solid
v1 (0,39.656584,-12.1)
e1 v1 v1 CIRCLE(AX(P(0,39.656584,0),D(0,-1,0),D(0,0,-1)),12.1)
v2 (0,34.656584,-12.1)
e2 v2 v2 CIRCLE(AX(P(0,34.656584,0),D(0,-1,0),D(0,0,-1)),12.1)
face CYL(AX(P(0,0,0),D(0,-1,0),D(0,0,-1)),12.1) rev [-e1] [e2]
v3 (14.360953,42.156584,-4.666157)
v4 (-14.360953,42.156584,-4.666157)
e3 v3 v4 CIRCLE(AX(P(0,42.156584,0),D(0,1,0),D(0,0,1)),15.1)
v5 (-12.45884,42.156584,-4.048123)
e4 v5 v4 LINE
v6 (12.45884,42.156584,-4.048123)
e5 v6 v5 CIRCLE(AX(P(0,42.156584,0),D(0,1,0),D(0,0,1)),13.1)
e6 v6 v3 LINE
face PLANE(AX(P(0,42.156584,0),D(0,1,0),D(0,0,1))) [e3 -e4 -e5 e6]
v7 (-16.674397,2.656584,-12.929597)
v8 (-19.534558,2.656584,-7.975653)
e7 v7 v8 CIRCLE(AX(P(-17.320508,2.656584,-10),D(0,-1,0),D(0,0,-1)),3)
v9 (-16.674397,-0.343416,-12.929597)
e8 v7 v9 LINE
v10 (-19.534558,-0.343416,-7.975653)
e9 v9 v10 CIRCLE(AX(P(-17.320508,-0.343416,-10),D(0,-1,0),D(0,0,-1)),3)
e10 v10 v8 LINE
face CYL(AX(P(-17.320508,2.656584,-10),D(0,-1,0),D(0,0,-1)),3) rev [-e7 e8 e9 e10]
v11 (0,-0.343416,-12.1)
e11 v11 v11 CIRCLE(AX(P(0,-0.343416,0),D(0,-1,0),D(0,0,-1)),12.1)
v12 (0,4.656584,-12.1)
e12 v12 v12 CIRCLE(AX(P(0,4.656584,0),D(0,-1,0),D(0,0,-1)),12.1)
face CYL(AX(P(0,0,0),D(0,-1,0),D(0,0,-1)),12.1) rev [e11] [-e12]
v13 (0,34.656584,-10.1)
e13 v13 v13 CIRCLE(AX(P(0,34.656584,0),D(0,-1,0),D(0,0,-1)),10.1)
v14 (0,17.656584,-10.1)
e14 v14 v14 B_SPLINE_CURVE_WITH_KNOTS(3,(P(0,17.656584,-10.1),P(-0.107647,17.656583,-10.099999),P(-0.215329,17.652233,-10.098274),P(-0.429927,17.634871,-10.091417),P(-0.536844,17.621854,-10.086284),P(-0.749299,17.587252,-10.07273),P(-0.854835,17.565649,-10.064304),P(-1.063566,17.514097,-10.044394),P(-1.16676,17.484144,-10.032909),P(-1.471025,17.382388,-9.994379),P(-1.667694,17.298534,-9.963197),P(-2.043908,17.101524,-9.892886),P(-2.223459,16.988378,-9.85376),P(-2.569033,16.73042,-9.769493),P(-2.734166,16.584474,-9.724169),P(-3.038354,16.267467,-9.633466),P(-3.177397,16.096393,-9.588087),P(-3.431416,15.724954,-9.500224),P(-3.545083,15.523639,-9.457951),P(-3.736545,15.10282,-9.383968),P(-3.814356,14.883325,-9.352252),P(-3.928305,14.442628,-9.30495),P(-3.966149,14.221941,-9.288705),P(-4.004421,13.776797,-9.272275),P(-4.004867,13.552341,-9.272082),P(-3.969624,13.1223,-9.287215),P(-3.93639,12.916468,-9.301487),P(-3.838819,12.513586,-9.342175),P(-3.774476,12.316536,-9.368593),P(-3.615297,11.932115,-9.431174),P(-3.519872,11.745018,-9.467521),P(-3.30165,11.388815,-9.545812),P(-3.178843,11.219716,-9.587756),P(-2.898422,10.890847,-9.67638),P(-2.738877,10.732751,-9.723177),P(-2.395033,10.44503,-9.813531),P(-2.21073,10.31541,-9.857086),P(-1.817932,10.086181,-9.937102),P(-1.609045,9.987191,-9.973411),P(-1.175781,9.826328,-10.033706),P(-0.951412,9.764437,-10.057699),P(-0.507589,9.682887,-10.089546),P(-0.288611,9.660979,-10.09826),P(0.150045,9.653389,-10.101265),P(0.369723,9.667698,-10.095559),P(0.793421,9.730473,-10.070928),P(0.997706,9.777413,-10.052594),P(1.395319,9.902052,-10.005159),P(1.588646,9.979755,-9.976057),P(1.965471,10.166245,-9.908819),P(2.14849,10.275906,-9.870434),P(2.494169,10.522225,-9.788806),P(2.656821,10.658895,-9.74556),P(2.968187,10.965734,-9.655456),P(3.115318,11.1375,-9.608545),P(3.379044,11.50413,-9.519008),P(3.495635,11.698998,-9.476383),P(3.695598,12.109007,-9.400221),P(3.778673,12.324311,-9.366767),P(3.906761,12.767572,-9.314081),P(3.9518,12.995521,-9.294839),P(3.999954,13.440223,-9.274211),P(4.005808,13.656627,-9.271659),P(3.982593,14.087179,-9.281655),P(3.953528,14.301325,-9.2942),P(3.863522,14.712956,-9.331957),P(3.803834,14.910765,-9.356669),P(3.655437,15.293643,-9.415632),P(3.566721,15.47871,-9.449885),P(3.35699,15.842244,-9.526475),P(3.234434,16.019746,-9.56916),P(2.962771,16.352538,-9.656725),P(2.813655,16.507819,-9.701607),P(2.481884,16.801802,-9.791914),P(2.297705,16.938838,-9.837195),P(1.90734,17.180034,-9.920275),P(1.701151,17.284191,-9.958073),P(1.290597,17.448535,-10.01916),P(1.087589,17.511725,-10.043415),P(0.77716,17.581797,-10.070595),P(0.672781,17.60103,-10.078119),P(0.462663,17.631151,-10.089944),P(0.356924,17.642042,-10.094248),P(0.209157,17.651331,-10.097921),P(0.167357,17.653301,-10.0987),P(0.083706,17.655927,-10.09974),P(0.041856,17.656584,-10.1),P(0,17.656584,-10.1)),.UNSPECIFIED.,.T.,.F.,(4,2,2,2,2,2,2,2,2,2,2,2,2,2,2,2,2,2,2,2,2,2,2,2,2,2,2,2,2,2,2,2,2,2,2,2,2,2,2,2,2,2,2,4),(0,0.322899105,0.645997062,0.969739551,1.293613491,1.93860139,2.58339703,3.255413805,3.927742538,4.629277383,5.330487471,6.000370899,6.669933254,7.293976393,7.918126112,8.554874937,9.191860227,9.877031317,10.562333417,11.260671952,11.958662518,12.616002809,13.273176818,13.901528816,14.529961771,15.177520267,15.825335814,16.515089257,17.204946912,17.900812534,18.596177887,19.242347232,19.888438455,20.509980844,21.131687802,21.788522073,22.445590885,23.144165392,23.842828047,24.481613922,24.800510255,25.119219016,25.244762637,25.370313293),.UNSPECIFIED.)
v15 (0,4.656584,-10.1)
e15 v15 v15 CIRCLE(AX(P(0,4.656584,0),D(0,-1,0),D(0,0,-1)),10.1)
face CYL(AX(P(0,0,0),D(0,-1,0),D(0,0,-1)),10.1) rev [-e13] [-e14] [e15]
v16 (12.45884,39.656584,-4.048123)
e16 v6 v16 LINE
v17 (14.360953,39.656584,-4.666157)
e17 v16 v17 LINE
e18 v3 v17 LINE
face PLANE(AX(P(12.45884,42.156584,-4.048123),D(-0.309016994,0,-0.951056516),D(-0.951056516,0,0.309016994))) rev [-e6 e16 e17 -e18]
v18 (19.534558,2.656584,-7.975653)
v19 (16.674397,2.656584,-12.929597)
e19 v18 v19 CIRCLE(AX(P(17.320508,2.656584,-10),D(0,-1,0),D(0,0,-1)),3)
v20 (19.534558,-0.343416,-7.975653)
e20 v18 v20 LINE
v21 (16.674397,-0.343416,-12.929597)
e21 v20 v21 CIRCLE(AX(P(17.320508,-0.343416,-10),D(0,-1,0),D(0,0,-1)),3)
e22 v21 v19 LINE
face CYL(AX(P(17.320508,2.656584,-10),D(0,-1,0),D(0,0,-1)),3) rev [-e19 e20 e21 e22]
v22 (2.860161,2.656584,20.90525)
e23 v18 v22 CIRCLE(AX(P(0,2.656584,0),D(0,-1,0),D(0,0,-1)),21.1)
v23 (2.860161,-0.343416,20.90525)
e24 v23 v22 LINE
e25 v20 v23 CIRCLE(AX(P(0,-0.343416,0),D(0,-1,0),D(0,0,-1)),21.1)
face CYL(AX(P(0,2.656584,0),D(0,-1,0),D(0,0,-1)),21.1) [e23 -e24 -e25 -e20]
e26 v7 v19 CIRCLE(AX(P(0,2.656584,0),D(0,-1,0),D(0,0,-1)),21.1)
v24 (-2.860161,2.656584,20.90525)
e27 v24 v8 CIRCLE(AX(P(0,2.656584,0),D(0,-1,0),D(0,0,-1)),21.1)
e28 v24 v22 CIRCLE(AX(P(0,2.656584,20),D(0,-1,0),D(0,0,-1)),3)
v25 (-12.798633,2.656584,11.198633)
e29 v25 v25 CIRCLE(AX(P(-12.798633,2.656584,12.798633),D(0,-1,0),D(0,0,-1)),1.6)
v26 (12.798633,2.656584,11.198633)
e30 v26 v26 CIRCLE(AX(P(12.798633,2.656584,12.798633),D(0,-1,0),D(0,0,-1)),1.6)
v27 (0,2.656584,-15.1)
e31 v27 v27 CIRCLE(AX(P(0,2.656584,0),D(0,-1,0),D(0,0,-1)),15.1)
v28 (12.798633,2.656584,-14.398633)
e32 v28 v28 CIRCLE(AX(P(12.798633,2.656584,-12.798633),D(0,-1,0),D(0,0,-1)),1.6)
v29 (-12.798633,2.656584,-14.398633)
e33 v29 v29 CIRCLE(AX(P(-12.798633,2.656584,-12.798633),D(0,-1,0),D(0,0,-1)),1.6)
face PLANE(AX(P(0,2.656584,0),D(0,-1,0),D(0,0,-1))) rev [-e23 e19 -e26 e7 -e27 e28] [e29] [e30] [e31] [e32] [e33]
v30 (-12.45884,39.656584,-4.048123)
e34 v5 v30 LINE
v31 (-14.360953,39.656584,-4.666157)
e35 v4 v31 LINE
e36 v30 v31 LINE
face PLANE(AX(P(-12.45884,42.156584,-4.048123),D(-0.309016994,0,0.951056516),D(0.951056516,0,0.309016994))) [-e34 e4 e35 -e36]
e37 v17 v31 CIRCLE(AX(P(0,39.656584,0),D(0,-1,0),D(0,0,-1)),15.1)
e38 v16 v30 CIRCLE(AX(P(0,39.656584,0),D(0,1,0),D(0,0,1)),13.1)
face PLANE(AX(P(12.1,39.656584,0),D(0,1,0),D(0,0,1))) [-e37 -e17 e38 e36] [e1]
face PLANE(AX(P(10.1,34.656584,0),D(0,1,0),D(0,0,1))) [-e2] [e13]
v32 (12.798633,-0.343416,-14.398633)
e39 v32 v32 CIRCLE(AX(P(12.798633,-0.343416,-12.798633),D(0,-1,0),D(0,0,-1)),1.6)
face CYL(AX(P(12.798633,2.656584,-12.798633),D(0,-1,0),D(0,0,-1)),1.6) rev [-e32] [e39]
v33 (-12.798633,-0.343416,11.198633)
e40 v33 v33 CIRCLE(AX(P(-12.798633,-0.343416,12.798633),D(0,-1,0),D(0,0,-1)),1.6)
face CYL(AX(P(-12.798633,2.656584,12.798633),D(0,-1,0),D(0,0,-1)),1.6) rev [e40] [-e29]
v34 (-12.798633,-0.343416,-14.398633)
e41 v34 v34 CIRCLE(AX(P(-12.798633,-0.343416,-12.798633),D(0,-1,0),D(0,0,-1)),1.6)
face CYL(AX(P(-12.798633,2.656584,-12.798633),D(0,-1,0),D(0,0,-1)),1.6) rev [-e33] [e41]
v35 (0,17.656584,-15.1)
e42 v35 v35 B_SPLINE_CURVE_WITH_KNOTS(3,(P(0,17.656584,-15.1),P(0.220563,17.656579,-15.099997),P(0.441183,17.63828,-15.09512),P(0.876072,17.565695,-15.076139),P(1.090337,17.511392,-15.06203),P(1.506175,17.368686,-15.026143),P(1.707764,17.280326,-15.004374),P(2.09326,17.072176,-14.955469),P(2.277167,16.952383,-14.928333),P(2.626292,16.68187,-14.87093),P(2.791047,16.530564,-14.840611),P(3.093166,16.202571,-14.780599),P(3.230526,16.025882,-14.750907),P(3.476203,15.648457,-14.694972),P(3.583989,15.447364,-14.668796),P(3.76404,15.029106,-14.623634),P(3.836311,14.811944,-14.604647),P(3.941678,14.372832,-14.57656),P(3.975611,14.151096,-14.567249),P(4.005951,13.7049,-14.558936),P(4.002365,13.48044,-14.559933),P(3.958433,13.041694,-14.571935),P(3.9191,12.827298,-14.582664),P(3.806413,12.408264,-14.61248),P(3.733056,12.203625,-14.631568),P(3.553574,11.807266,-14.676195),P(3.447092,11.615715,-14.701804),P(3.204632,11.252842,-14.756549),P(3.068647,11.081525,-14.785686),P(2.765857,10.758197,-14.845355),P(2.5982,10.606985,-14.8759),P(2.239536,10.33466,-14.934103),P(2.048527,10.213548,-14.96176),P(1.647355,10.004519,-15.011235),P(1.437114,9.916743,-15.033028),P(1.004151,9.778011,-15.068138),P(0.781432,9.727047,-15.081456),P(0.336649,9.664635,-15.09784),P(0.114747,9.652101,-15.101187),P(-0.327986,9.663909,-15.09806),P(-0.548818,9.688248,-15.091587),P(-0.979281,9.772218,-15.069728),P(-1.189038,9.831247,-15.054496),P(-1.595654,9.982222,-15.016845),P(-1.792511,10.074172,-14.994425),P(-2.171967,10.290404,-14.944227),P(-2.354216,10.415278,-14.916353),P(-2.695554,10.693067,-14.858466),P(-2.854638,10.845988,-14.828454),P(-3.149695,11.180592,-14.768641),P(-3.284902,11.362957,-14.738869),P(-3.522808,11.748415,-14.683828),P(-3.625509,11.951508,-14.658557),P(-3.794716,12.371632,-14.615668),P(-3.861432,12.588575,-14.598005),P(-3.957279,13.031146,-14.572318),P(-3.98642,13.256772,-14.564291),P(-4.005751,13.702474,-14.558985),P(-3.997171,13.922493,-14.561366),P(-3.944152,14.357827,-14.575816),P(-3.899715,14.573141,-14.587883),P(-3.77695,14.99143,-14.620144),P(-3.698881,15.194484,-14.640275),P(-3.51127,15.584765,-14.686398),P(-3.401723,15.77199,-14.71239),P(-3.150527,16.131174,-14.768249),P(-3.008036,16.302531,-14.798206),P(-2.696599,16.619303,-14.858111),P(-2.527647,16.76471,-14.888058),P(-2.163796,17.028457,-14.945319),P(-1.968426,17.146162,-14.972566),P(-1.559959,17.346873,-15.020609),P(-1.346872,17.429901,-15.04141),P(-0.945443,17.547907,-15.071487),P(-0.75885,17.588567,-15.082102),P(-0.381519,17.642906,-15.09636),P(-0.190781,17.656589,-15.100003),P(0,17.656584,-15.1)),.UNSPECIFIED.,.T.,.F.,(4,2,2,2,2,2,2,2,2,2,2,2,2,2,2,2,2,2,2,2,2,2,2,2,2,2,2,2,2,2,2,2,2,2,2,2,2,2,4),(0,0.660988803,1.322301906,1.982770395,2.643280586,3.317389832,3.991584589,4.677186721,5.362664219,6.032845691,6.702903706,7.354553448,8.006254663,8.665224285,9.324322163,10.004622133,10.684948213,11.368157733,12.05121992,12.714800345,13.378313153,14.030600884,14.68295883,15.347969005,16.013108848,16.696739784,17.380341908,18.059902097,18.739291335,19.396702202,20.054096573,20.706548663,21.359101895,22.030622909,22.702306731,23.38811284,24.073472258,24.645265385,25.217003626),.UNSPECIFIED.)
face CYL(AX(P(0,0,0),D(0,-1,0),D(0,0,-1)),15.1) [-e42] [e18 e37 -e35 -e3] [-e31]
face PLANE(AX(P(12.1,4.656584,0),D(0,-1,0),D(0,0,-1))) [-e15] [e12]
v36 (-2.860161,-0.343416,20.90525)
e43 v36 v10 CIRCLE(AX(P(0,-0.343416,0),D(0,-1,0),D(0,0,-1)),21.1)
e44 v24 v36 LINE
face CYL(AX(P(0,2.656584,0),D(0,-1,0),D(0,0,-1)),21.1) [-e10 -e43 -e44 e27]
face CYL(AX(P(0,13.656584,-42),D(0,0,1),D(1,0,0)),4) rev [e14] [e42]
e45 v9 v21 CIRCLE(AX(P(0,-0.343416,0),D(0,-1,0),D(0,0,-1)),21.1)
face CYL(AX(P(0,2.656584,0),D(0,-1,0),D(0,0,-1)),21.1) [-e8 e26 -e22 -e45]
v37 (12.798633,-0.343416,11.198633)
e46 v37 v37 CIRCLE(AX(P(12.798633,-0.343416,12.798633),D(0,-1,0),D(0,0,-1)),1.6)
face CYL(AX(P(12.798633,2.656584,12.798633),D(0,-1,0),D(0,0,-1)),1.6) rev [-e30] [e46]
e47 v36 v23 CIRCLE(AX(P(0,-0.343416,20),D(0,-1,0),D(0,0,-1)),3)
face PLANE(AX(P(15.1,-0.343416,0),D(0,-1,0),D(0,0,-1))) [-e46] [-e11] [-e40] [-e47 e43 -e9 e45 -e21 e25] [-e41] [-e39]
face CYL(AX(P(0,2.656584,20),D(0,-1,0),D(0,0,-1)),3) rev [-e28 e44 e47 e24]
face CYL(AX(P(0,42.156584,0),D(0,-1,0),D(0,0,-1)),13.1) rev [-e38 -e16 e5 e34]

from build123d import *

# Parameters (mm, degrees)
SKETCH_2_R          = 21.1
SKETCH_2_R_2        = 15.1
SKETCH_2_R_3        = 1.6
EXTRUDE_1_DEPTH     = 3
SKETCH_4_R          = 3
CUT_EXTRUDE_1_DEPTH = 3
SKETCH_5_R          = 4
CUT_EXTRUDE_2_DEPTH = 42
EXTRUDE_4_DEPTH     = 2.5


with BuildPart() as part:
    # 草图1 → 旋转1 (revolve)
    with BuildSketch(Plane.XY, mode=Mode.PRIVATE) as revolve_1_sk:
        Polygon((12.1, -0.34341598), (12.1, 4.65658402), (10.1, 4.65658402), (10.1, 34.65658402), (12.1, 34.65658402), (12.1, 39.65658402), (15.1, 39.65658402), (15.1, -0.34341598), align=None)
    revolve(revolve_1_sk.sketch.rotate(Axis((0, 0, 0), (0, 1, 0)), 90), axis=Axis((0, 0, 0), (0, 1, 0)))

    # 草图2 → 凸台-拉伸1 (add)
    with BuildSketch(Plane.XZ.offset(0.34341598)):
        with Locations(Location((0, 0, 0), (0, 0, 270))):
            Circle(SKETCH_2_R)
        with Locations(Location((0, 0, 0), (0, 0, 270))):
            Circle(SKETCH_2_R_2, mode=Mode.SUBTRACT)
        with Locations(Location((-12.798632739, 12.798632739, 0), (0, 0, 270))):
            Circle(SKETCH_2_R_3, mode=Mode.SUBTRACT)
        with Locations(Location((12.798632739, 12.798632739, 0), (0, 0, 270))):
            Circle(SKETCH_2_R_3, mode=Mode.SUBTRACT)
        with Locations(Location((12.798632739, -12.798632739, 0), (0, 0, 270))):
            Circle(SKETCH_2_R_3, mode=Mode.SUBTRACT)
        with Locations(Location((-12.798632739, -12.798632739, 0), (0, 0, 270))):
            Circle(SKETCH_2_R_3, mode=Mode.SUBTRACT)
    extrude(amount=-EXTRUDE_1_DEPTH)

    # 草图4 → 切除-拉伸1 (cut)
    with BuildSketch(Plane.XZ.offset(0.34341598)):
        with Locations((0, 20)):
            Circle(SKETCH_4_R)
        with Locations((17.320508076, -10)):
            Circle(SKETCH_4_R)
        with Locations((-17.320508076, -10)):
            Circle(SKETCH_4_R)
    extrude(amount=-CUT_EXTRUDE_1_DEPTH, mode=Mode.SUBTRACT)

    # 草图5 → 切除-拉伸2 (cut)
    with BuildSketch(Plane.XY):
        with Locations(Location((0, 13.65658402, 0), (0, 0, 270))):
            Circle(SKETCH_5_R)
    extrude(amount=-CUT_EXTRUDE_2_DEPTH, mode=Mode.SUBTRACT)

    # 草图6 → 凸台-拉伸4 (add)
    with BuildSketch(Plane(origin=(0, 39.65658402, 0), x_dir=(1, 0, 0), z_dir=(0, 1, 0))):
        with BuildLine():
            Line((12.458840363, 4.048122626), (14.360953396, 4.666156615))
            ThreePointArc((14.360953396, 4.666156615), (0, 15.1), (-14.360953396, 4.666156615))
            Line((-14.360953396, 4.666156615), (-12.458840363, 4.048122626))
            ThreePointArc((-12.458840363, 4.048122626), (0, 13.1), (12.458840363, 4.048122626))
        make_face()
    extrude(amount=EXTRUDE_4_DEPTH)


solid = part.part
